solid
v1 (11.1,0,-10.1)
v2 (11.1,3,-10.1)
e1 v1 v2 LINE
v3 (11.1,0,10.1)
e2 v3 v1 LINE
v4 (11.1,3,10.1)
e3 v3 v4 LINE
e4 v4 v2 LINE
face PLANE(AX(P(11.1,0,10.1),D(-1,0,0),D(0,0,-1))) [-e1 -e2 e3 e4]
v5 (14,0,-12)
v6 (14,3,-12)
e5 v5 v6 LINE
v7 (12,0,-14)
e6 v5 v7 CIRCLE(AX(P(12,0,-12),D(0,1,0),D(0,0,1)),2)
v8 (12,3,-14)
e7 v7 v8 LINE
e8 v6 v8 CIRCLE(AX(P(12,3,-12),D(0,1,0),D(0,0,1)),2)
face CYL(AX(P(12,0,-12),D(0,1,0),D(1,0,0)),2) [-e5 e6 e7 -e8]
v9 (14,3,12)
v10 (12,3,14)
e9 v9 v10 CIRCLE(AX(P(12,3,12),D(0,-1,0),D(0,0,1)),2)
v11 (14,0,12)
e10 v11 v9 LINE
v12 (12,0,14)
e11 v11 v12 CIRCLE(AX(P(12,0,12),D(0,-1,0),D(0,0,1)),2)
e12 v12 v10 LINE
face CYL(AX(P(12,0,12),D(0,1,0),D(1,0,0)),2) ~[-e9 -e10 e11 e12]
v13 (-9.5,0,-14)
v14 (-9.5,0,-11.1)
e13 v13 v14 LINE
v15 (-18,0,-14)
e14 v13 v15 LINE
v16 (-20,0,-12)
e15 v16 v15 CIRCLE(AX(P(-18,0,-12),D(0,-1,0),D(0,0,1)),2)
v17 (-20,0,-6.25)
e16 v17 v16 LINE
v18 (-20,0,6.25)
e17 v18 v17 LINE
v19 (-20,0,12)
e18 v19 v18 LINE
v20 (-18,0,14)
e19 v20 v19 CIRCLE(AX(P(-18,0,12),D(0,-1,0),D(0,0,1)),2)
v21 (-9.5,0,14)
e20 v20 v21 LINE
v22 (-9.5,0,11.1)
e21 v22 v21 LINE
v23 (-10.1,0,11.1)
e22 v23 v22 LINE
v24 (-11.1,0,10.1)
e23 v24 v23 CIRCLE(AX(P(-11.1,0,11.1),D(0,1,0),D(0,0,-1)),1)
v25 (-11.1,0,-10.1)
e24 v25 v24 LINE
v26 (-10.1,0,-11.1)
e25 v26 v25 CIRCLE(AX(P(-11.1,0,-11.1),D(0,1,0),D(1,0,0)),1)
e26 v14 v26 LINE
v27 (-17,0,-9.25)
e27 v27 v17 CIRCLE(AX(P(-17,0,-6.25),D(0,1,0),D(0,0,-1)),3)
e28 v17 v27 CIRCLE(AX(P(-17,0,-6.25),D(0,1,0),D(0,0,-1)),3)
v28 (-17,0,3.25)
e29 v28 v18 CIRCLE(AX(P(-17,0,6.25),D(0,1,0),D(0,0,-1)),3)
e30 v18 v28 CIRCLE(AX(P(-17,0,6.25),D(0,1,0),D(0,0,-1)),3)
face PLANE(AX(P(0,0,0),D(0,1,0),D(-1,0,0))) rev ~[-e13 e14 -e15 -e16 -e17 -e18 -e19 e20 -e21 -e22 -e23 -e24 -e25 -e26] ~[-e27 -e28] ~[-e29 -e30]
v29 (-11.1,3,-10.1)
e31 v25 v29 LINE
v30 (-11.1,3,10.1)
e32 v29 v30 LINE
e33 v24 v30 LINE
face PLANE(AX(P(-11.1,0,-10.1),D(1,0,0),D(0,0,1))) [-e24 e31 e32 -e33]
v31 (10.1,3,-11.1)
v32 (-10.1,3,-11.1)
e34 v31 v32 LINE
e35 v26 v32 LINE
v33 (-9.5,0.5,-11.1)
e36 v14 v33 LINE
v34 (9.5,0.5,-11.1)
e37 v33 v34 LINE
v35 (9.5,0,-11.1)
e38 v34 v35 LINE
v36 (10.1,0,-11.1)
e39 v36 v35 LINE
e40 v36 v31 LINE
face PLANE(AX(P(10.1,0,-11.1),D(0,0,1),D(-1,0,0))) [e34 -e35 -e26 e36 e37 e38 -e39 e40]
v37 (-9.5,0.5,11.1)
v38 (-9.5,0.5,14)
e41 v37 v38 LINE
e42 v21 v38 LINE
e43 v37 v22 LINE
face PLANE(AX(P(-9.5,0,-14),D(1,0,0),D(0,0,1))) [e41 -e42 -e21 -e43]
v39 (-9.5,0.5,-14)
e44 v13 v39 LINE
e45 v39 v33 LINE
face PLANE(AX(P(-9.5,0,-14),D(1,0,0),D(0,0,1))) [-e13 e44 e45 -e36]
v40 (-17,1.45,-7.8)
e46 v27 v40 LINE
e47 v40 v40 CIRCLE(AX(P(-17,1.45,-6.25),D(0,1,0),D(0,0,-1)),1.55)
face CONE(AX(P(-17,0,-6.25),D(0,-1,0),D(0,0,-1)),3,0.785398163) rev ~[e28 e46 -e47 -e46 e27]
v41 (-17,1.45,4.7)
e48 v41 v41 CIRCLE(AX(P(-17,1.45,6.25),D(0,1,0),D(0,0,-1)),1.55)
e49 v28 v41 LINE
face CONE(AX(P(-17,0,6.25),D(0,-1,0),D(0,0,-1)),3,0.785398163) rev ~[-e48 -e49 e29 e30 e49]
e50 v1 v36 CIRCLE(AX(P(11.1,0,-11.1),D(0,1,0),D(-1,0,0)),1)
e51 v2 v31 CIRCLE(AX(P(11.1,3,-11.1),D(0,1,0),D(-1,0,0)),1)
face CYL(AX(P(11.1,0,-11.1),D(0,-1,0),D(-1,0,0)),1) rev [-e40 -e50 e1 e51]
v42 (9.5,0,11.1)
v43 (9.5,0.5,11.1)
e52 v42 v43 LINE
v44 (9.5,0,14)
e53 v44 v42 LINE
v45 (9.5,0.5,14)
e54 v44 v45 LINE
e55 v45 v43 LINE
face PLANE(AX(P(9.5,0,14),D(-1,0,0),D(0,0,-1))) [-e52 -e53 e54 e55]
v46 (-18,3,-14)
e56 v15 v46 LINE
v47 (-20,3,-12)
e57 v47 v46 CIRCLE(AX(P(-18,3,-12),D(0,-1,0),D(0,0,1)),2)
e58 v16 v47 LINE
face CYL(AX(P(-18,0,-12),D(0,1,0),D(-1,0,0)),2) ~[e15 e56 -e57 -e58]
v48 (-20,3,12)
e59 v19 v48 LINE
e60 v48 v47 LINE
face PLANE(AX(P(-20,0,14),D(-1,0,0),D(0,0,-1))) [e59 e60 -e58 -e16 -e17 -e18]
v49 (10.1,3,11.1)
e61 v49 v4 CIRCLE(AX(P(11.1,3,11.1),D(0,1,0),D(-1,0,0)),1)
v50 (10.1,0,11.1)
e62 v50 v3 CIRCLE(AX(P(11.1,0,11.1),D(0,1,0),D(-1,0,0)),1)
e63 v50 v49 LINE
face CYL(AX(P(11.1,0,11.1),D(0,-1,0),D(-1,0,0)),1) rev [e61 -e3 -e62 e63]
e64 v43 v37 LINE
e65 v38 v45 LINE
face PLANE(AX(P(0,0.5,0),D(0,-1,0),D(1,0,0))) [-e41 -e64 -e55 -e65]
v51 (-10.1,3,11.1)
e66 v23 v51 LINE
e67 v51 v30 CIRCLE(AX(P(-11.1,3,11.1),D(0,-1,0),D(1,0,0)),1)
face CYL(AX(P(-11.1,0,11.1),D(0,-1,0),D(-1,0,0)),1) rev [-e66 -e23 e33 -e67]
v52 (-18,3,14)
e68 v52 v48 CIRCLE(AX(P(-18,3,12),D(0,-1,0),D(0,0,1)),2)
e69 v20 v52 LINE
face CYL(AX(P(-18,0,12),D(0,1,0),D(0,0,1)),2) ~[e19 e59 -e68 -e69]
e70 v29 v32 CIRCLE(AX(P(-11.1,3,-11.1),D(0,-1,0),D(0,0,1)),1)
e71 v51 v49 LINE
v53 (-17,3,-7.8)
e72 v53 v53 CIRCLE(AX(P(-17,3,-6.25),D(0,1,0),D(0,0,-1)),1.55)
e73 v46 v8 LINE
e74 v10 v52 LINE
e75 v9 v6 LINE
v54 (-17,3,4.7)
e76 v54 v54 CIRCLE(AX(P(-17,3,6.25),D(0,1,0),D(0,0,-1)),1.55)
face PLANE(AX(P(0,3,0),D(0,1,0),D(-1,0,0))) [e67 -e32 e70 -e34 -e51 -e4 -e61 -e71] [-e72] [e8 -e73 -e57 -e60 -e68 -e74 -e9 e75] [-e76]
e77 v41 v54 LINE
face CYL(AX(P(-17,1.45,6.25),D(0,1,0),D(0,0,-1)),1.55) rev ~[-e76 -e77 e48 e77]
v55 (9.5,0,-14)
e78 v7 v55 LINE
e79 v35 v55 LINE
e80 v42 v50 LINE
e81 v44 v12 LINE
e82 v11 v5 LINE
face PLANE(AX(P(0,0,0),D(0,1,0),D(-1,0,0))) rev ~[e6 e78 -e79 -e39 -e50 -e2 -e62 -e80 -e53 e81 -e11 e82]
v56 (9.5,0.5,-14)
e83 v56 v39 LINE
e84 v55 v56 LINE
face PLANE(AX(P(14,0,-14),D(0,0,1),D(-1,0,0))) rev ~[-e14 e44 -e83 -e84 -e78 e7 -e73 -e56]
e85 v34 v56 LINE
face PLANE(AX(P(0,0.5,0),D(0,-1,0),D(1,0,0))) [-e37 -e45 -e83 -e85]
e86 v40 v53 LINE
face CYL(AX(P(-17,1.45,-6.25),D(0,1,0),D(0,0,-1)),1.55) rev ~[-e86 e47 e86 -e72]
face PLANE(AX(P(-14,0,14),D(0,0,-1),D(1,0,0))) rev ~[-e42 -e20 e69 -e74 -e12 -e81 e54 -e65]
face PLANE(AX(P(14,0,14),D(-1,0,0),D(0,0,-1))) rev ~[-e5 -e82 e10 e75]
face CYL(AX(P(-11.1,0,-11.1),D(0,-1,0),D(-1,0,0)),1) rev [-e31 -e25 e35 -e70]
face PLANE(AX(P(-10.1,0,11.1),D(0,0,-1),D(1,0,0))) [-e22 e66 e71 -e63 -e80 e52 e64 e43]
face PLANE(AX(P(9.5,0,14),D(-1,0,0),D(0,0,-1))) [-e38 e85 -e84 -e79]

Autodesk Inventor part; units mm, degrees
ref_plane "YZ Plane" through (0, 0, 0) normal (1, 0, 0) x (0, 1, 0)
ref_plane "XZ Plane" through (0, 0, 0) normal (0, 1, 0) x (-1, 0, 0)
ref_plane "XY Plane" through (0, 0, 0) normal (0, 0, 1) x (1, 0, 0)
sketch "Sketch1" plane through (0, 0, 0) normal (0, 1, 0) x (-1, 0, 0)
  line L0 (-11.1, -11.1) -> (-10.1, -11.1)
  line L1 (11.1, -11.1) -> (11.1, -10.1)
  line L2 (11.1, 11.1) -> (10.1, 11.1)
  line L3 (-11.1, 11.1) -> (-11.1, 10.1)
  line L4 (-11.1, -11.1) -> (11.1, 11.1) construction
  line L5 (11.1, -11.1) -> (-11.1, 11.1) construction
  line L6 (-14, -14) -> (14, -14)
  line L7 (14, -14) -> (14, 14)
  line L8 (14, 14) -> (-14, 14)
  line L9 (-14, 14) -> (-14, -14)
  line L10 (-14, -14) -> (14, 14) construction
  line L11 (14, -14) -> (-14, 14) construction
  line L12 (14, 14) -> (20, 14)
  line L13 (20, 14) -> (20, -14)
  line L14 (20, -14) -> (14, -14)
  line L15 (14, -14) -> (14, 14)
  line L16 (3.6361, 0) -> (-5.9421, 0)
  circle A0 centre (11.1, 11.1) radius 1
  line L17 (0, 4.2823) -> (0, -4.7782)
  circle A1 centre (11.1, -11.1) radius 1
  circle A2 centre (-11.1, 11.1) radius 1
  circle A3 centre (-11.1, -11.1) radius 1
  line L18 (11.1, 10.1) -> (11.1, 11.1)
  line L19 (10.1, 11.1) -> (-10.1, 11.1)
  line L20 (11.1, -10.1) -> (11.1, 10.1)
  line L21 (10.1, -11.1) -> (11.1, -11.1)
  line L22 (-11.1, 10.1) -> (-11.1, -10.1)
  line L23 (-10.1, 11.1) -> (-11.1, 11.1)
  line L24 (-10.1, -11.1) -> (10.1, -11.1)
  line L25 (-11.1, -10.1) -> (-11.1, -11.1)
  point P0 (0, 0)
  point P1 (17, 6.25)
  point P2 (17, -6.25)
  dimension "d0" = 22.2
  dimension "d1" = 22.2
  dimension "d2" = 28
  dimension "d3" = 28
  dimension "d4" = 6
  dimension "d5" = 12.5
  dimension "d6" = 2
  dimension "d9" = 22.2
  dimension "d12" = 22.2
  dimension "d17" = 3
extrude "Extrusion1" add sketch "Sketch1" along normal blind 3
hole "Hole1" at (-17, 0, 6.25) at (-17, 0, -6.25) direction (0, 1, 0) diameter 3.1 end through all countersink diameter 6 countersink angle 90
fillet "Fillet1" radius 2 2 edges at (14, 1.5, -14) (14, 1.5, 14)
fillet "Fillet2" radius 2 2 edges at (-20, 1.5, -14) (-20, 1.5, 14)
sketch "Sketch2" plane through (0, 0, 0) normal (0, -1, 0) x (1, 0, 0)
  line L0 (12, -14) -> (-18, -14) projected
  line L1 (-9.5, 14) -> (9.5, 14)
  line L2 (9.5, 14) -> (9.5, -14)
  line L3 (9.5, -14) -> (-9.5, -14)
  line L4 (-9.5, -14) -> (-9.5, 14)
  line L5 (-9.5, 14) -> (9.5, -14) construction
  line L6 (9.5, 14) -> (-9.5, -14) construction
  point P0 (0, 0)
  dimension "d27" = 19
extrude "Extrusion2" cut sketch "Sketch2" against normal blind 0.5
properties part number "Metal_mount_horizontal_coverslip22x22_v2"
